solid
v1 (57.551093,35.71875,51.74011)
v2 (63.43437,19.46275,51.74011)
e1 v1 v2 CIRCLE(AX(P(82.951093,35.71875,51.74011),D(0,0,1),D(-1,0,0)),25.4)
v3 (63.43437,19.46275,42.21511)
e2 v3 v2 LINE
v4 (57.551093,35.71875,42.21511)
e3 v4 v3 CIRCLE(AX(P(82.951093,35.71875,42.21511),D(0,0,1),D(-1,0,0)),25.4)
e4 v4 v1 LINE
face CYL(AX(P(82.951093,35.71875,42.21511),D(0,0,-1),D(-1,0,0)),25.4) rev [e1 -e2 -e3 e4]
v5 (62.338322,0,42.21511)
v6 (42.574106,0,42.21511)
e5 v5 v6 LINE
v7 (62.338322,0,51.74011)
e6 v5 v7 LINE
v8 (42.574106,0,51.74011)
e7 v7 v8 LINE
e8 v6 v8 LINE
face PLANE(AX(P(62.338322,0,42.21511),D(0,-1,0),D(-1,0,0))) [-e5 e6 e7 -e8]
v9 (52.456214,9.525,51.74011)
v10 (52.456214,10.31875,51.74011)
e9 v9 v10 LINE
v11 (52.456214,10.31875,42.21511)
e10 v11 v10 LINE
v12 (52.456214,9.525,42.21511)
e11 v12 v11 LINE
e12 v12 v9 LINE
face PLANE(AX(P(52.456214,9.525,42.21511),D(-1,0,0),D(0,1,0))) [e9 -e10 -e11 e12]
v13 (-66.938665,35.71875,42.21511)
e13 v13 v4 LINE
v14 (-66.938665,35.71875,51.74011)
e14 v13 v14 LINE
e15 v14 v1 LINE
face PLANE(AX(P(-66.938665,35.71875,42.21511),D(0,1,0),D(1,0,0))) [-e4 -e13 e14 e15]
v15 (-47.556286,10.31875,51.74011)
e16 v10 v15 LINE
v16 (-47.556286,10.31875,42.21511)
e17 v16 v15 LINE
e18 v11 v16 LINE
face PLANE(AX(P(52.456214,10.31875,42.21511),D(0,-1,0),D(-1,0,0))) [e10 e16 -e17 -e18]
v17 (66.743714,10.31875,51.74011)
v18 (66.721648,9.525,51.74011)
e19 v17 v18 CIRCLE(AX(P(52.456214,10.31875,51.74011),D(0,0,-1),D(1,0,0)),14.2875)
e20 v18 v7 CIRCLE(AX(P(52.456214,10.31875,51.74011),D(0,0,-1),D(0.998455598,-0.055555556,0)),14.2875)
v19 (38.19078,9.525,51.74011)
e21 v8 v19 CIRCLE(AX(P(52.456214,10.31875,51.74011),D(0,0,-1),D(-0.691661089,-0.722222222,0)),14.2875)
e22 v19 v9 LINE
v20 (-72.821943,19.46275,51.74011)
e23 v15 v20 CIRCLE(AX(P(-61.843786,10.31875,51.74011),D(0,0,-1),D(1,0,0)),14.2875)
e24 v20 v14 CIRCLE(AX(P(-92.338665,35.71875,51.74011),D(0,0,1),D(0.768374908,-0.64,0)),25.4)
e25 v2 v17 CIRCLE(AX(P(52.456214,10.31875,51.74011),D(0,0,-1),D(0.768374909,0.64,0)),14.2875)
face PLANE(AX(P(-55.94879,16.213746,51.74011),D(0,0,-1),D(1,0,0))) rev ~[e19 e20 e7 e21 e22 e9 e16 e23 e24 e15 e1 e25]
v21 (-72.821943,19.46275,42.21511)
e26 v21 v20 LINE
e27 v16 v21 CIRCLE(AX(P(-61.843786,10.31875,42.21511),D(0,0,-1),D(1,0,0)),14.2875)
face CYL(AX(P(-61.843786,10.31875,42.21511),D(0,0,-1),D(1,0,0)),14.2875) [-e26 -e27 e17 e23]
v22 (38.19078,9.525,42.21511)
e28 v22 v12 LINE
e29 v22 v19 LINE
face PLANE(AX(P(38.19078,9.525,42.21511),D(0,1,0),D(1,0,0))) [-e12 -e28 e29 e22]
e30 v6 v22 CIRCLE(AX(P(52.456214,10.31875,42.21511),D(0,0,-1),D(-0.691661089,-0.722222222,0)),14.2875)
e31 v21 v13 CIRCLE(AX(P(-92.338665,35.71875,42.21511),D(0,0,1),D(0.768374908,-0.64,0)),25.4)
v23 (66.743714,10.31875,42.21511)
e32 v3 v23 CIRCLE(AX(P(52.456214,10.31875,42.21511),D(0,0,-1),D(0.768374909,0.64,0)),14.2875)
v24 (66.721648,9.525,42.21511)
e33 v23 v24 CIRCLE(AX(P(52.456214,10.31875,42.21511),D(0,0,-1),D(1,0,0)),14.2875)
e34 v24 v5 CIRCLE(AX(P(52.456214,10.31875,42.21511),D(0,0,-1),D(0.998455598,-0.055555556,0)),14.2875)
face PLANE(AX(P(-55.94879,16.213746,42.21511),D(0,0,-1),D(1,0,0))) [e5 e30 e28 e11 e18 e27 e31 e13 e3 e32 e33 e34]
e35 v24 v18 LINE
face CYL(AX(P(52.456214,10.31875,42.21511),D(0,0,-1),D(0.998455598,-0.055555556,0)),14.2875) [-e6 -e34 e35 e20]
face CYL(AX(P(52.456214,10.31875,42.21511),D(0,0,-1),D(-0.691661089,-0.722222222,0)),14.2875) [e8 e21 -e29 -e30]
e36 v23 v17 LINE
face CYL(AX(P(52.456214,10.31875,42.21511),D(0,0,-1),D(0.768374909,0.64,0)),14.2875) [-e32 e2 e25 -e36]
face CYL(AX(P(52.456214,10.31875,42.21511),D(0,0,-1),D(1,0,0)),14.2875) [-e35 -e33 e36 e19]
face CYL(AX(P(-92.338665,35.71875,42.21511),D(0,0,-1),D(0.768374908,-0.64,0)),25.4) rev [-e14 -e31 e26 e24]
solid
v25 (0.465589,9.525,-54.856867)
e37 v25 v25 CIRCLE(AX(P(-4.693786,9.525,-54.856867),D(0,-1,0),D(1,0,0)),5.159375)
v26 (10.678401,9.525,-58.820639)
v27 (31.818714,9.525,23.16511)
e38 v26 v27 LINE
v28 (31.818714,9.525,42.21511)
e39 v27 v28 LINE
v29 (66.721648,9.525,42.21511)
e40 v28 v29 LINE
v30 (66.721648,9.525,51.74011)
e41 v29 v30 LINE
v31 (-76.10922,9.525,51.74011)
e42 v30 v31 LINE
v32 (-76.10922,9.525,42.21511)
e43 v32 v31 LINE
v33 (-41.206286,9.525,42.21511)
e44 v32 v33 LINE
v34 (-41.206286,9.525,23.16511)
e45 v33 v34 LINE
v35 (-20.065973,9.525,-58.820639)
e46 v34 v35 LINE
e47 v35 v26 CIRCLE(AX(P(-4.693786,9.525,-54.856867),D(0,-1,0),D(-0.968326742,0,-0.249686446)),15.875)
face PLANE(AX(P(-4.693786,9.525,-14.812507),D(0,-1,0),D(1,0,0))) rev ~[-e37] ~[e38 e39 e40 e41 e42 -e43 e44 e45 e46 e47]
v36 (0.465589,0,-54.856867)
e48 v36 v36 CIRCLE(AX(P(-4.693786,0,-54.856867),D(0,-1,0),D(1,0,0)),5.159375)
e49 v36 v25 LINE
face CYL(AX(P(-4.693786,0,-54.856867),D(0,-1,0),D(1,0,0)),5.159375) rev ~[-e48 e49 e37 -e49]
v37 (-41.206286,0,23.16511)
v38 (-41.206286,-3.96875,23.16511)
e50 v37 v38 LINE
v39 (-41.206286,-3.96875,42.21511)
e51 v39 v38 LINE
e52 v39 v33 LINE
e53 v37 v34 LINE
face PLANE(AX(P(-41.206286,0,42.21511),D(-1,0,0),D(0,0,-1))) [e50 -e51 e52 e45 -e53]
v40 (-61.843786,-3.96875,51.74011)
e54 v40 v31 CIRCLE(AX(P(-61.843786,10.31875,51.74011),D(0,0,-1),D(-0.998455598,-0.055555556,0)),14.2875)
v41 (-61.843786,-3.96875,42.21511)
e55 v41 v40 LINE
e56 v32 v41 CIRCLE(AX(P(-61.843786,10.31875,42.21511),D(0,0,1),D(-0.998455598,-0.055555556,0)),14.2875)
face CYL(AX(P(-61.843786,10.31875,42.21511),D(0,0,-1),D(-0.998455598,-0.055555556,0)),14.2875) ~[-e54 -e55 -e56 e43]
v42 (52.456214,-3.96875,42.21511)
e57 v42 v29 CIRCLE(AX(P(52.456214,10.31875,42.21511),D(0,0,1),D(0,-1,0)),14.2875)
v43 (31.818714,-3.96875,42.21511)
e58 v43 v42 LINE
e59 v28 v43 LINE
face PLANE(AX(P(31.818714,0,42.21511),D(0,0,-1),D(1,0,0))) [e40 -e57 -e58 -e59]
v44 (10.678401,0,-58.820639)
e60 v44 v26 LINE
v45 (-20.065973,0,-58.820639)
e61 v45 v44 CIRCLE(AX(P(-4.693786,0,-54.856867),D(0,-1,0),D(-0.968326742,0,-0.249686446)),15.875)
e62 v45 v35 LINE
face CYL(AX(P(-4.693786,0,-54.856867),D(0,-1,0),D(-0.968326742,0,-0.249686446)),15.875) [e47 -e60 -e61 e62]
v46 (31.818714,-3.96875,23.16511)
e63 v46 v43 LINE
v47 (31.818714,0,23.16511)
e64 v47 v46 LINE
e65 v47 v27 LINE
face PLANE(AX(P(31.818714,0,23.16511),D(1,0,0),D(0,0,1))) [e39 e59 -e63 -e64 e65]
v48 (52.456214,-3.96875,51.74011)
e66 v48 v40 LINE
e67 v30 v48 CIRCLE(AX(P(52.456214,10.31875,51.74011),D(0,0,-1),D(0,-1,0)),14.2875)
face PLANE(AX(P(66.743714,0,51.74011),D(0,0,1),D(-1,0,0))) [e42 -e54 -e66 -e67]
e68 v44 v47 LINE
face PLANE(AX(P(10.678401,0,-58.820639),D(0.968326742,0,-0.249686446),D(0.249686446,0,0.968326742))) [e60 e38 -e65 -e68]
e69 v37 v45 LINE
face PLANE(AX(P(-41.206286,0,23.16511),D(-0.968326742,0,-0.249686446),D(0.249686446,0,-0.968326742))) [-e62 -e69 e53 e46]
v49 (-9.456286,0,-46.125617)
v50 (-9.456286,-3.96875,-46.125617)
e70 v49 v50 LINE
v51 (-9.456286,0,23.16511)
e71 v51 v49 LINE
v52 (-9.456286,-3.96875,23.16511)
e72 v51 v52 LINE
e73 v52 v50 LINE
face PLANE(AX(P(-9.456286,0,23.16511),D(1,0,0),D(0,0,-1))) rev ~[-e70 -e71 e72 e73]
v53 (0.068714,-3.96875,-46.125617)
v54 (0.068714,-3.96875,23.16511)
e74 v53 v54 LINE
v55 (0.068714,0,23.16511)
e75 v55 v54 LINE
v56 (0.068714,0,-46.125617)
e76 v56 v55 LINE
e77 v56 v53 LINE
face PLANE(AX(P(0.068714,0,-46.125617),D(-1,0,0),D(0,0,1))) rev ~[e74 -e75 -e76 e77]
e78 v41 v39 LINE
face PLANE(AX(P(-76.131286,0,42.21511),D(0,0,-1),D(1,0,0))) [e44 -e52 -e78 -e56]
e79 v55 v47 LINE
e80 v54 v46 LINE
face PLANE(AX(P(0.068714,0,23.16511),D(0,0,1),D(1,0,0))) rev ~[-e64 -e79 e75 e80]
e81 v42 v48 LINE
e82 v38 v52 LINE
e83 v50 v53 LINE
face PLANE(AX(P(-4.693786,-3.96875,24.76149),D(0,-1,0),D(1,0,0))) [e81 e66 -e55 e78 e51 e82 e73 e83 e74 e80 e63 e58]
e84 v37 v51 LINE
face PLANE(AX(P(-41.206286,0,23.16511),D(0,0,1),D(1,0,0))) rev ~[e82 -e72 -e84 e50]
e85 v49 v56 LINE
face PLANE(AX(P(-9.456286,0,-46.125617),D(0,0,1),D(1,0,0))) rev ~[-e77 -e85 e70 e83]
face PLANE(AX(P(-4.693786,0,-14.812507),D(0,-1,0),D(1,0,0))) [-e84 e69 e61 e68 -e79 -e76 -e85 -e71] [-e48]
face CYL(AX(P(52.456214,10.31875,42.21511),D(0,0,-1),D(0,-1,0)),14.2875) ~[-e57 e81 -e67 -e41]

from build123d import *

# Parameters (mm, degrees)
F1_DEPTH = 3.96875
F0_R     = 5.159375
F2_DEPTH = 9.525
F4_DEPTH = 9.525
F8_DEPTH = 9.526


with BuildPart() as f1:
    # F0 (on Front) → F1 (new body)
    with BuildSketch(Plane.XZ):
        Polygon((-41.206286113, 42.2151100993), (-41.206286113, 23.1651100993), (-9.456286113, 23.1651100993), (-9.456286113, -46.1256168256), (0.068713887, -46.1256168256), (0.068713887, 23.1651100993), (31.818713887, 23.1651100993), (31.818713887, 42.2151100993), (52.456213887, 42.2151100993), (66.743713887, 42.2151100993), (66.743713887, 51.7401100993), (-76.131286113, 51.7401100993), (-76.131286113, 42.2151100993), (-61.843786113, 42.2151100993), align=None)
    extrude(amount=F1_DEPTH)


with BuildPart() as f2:
    # F0 (on Front) → F2 (new body)
    with BuildSketch(Plane.XZ):
        with BuildLine():
            Line((-9.456286113, 23.1651100993), (-41.206286113, 23.1651100993))
            Line((-41.206286113, 23.1651100993), (-20.0659731361, -58.8206391609))
            ThreePointArc((-20.0659731361, -58.8206391609), (-4.693786113, -70.7318668256), (10.6784009101, -58.8206391609))
            Line((10.6784009101, -58.8206391609), (31.818713887, 23.1651100993))
            Line((31.818713887, 23.1651100993), (0.068713887, 23.1651100993))
            Line((0.068713887, 23.1651100993), (0.068713887, -46.1256168256))
            Line((0.068713887, -46.1256168256), (-9.456286113, -46.1256168256))
            Line((-9.456286113, -46.1256168256), (-9.456286113, 23.1651100993))
        make_face()
        with Locations((-4.693786113, -54.8568668256)):
            Circle(F0_R, mode=Mode.SUBTRACT)
        Polygon((-41.206286113, 42.2151100993), (-41.206286113, 23.1651100993), (-9.456286113, 23.1651100993), (-9.456286113, -46.1256168256), (0.068713887, -46.1256168256), (0.068713887, 23.1651100993), (31.818713887, 23.1651100993), (31.818713887, 42.2151100993), (52.456213887, 42.2151100993), (66.743713887, 42.2151100993), (66.743713887, 51.7401100993), (-76.131286113, 51.7401100993), (-76.131286113, 42.2151100993), (-61.843786113, 42.2151100993), align=None)
    extrude(amount=-F2_DEPTH)


with BuildPart() as f4:
    # F3 (on face) → F4 (new body)
    with BuildSketch(Plane(origin=(0, 0, 42.2151100993), x_dir=(1, 0, 0), z_dir=(0, 0, -1))):
        with BuildLine():
            ThreePointArc((-61.843786113, -24.60625), (-51.7409979768, -20.4215381362), (-47.556286113, -10.31875))
            Line((-47.556286113, -10.31875), (-61.843786113, -10.31875))
            Line((-61.843786113, -10.31875), (-61.843786113, -24.60625))
        make_face()
        with BuildLine():
            Line((-66.9386652938, -35.71875), (-61.843786113, -35.71875))
            Line((-61.843786113, -35.71875), (-61.843786113, -24.60625))
            ThreePointArc((-61.843786113, -24.60625), (-67.9054589947, -23.2566315161), (-72.8219426181, -19.46275))
            ThreePointArc((-72.8219426181, -19.46275), (-68.4547297307, -27.0748144369), (-66.9386652938, -35.71875))
        make_face()
        with BuildLine():
            Line((-61.843786113, -35.71875), (-4.693786113, -35.71875))
            Line((-4.693786113, -35.71875), (-4.693786113, -10.31875))
            Line((-4.693786113, -10.31875), (-47.556286113, -10.31875))
            ThreePointArc((-47.556286113, -10.31875), (-51.7409979768, -20.4215381362), (-61.843786113, -24.60625))
            Line((-61.843786113, -24.60625), (-61.843786113, -35.71875))
        make_face()
        with BuildLine():
            Line((52.456213887, -35.71875), (52.456213887, -24.60625))
            ThreePointArc((52.456213887, -24.60625), (42.3534257508, -20.4215381362), (38.168713887, -10.31875))
            Line((38.168713887, -10.31875), (-4.693786113, -10.31875))
            Line((-4.693786113, -10.31875), (-4.693786113, -35.71875))
            Line((-4.693786113, -35.71875), (52.456213887, -35.71875))
        make_face()
        with BuildLine():
            ThreePointArc((57.5510930678, -35.71875), (59.0671575047, -27.0748144369), (63.4343703921, -19.46275))
            ThreePointArc((63.4343703921, -19.46275), (58.5178867687, -23.2566315161), (52.456213887, -24.60625))
            Line((52.456213887, -24.60625), (52.456213887, -35.71875))
            Line((52.456213887, -35.71875), (57.5510930678, -35.71875))
        make_face()
        with BuildLine():
            Line((-61.843786113, -10.31875), (-47.556286113, -10.31875))
            ThreePointArc((-47.556286113, -10.31875), (-66.7059998672, 3.1159637542), (-72.8219426181, -19.46275))
            ThreePointArc((-72.8219426181, -19.46275), (-67.9054589947, -23.2566315161), (-61.843786113, -24.60625))
            Line((-61.843786113, -24.60625), (-61.843786113, -10.31875))
        make_face()
        with BuildLine():
            ThreePointArc((52.456213887, -24.60625), (58.5178867687, -23.2566315161), (63.4343703921, -19.46275))
            ThreePointArc((63.4343703921, -19.46275), (65.8909276412, -15.1809637542), (66.743713887, -10.31875))
            ThreePointArc((66.743713887, -10.31875), (66.7381964091, -9.9217216775), (66.7216482368, -9.525))
            Line((66.7216482368, -9.525), (52.456213887, -9.525))
            Line((52.456213887, -9.525), (52.456213887, -10.31875))
            Line((52.456213887, -10.31875), (52.456213887, -24.60625))
        make_face()
        with BuildLine():
            Line((52.456213887, -9.525), (66.7216482368, -9.525))
            ThreePointArc((66.7216482368, -9.525), (65.4353261174, -4.3458694588), (62.3383216929, 0))
            Line((62.3383216929, 0), (42.5741060811, 0))
            ThreePointArc((42.5741060811, 0), (39.4771016566, -4.3458694588), (38.1907795372, -9.525))
            Line((38.1907795372, -9.525), (52.456213887, -9.525))
        make_face()
        with BuildLine():
            ThreePointArc((38.168713887, -10.31875), (42.3534257508, -20.4215381362), (52.456213887, -24.60625))
            Line((52.456213887, -24.60625), (52.456213887, -10.31875))
            Line((52.456213887, -10.31875), (38.168713887, -10.31875))
        make_face()
    extrude(amount=-F4_DEPTH)


with BuildPart() as f1_1:
    add(f1.part)

    # F5: union F2
    add(f2.part)

    # F7 (on face) + F6 (on face) → F8 (cut, through all)
    with BuildSketch(Plane(origin=(0, 0, 42.2151100993), x_dir=(1, 0, 0), z_dir=(0, 0, -1))):
        with BuildLine():
            Line((-76.131286113, -2.778125), (-76.131286113, -9.525))
            Line((-76.131286113, -9.525), (-76.1092204628, -9.525))
            ThreePointArc((-76.1092204628, -9.525), (-71.661931384, 0.0608781093), (-61.843786113, 3.96875))
            Line((-61.843786113, 3.96875), (-69.3655908108, 3.96875))
            Line((-69.3655908108, 3.96875), (-76.131286113, 3.96875))
            Line((-76.131286113, 3.96875), (-76.131286113, -2.778125))
        make_face()
    with BuildSketch(Plane(origin=(0, 0, 42.2151100993), x_dir=(1, 0, 0), z_dir=(0, 0, -1))):
        with BuildLine():
            Line((58.8548928499, 3.96875), (52.456213887, 3.96875))
            ThreePointArc((52.456213887, 3.96875), (62.274359158, 0.0608781093), (66.7216482368, -9.525))
            Line((66.7216482368, -9.525), (66.743713887, -9.525))
            Line((66.743713887, -9.525), (66.743713887, -2.778125))
            Line((66.743713887, -2.778125), (66.743713887, 3.96875))
            Line((66.743713887, 3.96875), (58.8548928499, 3.96875))
        make_face()
    extrude(amount=-F8_DEPTH, mode=Mode.SUBTRACT)


solid = Compound([f4.part, f1_1.part])
